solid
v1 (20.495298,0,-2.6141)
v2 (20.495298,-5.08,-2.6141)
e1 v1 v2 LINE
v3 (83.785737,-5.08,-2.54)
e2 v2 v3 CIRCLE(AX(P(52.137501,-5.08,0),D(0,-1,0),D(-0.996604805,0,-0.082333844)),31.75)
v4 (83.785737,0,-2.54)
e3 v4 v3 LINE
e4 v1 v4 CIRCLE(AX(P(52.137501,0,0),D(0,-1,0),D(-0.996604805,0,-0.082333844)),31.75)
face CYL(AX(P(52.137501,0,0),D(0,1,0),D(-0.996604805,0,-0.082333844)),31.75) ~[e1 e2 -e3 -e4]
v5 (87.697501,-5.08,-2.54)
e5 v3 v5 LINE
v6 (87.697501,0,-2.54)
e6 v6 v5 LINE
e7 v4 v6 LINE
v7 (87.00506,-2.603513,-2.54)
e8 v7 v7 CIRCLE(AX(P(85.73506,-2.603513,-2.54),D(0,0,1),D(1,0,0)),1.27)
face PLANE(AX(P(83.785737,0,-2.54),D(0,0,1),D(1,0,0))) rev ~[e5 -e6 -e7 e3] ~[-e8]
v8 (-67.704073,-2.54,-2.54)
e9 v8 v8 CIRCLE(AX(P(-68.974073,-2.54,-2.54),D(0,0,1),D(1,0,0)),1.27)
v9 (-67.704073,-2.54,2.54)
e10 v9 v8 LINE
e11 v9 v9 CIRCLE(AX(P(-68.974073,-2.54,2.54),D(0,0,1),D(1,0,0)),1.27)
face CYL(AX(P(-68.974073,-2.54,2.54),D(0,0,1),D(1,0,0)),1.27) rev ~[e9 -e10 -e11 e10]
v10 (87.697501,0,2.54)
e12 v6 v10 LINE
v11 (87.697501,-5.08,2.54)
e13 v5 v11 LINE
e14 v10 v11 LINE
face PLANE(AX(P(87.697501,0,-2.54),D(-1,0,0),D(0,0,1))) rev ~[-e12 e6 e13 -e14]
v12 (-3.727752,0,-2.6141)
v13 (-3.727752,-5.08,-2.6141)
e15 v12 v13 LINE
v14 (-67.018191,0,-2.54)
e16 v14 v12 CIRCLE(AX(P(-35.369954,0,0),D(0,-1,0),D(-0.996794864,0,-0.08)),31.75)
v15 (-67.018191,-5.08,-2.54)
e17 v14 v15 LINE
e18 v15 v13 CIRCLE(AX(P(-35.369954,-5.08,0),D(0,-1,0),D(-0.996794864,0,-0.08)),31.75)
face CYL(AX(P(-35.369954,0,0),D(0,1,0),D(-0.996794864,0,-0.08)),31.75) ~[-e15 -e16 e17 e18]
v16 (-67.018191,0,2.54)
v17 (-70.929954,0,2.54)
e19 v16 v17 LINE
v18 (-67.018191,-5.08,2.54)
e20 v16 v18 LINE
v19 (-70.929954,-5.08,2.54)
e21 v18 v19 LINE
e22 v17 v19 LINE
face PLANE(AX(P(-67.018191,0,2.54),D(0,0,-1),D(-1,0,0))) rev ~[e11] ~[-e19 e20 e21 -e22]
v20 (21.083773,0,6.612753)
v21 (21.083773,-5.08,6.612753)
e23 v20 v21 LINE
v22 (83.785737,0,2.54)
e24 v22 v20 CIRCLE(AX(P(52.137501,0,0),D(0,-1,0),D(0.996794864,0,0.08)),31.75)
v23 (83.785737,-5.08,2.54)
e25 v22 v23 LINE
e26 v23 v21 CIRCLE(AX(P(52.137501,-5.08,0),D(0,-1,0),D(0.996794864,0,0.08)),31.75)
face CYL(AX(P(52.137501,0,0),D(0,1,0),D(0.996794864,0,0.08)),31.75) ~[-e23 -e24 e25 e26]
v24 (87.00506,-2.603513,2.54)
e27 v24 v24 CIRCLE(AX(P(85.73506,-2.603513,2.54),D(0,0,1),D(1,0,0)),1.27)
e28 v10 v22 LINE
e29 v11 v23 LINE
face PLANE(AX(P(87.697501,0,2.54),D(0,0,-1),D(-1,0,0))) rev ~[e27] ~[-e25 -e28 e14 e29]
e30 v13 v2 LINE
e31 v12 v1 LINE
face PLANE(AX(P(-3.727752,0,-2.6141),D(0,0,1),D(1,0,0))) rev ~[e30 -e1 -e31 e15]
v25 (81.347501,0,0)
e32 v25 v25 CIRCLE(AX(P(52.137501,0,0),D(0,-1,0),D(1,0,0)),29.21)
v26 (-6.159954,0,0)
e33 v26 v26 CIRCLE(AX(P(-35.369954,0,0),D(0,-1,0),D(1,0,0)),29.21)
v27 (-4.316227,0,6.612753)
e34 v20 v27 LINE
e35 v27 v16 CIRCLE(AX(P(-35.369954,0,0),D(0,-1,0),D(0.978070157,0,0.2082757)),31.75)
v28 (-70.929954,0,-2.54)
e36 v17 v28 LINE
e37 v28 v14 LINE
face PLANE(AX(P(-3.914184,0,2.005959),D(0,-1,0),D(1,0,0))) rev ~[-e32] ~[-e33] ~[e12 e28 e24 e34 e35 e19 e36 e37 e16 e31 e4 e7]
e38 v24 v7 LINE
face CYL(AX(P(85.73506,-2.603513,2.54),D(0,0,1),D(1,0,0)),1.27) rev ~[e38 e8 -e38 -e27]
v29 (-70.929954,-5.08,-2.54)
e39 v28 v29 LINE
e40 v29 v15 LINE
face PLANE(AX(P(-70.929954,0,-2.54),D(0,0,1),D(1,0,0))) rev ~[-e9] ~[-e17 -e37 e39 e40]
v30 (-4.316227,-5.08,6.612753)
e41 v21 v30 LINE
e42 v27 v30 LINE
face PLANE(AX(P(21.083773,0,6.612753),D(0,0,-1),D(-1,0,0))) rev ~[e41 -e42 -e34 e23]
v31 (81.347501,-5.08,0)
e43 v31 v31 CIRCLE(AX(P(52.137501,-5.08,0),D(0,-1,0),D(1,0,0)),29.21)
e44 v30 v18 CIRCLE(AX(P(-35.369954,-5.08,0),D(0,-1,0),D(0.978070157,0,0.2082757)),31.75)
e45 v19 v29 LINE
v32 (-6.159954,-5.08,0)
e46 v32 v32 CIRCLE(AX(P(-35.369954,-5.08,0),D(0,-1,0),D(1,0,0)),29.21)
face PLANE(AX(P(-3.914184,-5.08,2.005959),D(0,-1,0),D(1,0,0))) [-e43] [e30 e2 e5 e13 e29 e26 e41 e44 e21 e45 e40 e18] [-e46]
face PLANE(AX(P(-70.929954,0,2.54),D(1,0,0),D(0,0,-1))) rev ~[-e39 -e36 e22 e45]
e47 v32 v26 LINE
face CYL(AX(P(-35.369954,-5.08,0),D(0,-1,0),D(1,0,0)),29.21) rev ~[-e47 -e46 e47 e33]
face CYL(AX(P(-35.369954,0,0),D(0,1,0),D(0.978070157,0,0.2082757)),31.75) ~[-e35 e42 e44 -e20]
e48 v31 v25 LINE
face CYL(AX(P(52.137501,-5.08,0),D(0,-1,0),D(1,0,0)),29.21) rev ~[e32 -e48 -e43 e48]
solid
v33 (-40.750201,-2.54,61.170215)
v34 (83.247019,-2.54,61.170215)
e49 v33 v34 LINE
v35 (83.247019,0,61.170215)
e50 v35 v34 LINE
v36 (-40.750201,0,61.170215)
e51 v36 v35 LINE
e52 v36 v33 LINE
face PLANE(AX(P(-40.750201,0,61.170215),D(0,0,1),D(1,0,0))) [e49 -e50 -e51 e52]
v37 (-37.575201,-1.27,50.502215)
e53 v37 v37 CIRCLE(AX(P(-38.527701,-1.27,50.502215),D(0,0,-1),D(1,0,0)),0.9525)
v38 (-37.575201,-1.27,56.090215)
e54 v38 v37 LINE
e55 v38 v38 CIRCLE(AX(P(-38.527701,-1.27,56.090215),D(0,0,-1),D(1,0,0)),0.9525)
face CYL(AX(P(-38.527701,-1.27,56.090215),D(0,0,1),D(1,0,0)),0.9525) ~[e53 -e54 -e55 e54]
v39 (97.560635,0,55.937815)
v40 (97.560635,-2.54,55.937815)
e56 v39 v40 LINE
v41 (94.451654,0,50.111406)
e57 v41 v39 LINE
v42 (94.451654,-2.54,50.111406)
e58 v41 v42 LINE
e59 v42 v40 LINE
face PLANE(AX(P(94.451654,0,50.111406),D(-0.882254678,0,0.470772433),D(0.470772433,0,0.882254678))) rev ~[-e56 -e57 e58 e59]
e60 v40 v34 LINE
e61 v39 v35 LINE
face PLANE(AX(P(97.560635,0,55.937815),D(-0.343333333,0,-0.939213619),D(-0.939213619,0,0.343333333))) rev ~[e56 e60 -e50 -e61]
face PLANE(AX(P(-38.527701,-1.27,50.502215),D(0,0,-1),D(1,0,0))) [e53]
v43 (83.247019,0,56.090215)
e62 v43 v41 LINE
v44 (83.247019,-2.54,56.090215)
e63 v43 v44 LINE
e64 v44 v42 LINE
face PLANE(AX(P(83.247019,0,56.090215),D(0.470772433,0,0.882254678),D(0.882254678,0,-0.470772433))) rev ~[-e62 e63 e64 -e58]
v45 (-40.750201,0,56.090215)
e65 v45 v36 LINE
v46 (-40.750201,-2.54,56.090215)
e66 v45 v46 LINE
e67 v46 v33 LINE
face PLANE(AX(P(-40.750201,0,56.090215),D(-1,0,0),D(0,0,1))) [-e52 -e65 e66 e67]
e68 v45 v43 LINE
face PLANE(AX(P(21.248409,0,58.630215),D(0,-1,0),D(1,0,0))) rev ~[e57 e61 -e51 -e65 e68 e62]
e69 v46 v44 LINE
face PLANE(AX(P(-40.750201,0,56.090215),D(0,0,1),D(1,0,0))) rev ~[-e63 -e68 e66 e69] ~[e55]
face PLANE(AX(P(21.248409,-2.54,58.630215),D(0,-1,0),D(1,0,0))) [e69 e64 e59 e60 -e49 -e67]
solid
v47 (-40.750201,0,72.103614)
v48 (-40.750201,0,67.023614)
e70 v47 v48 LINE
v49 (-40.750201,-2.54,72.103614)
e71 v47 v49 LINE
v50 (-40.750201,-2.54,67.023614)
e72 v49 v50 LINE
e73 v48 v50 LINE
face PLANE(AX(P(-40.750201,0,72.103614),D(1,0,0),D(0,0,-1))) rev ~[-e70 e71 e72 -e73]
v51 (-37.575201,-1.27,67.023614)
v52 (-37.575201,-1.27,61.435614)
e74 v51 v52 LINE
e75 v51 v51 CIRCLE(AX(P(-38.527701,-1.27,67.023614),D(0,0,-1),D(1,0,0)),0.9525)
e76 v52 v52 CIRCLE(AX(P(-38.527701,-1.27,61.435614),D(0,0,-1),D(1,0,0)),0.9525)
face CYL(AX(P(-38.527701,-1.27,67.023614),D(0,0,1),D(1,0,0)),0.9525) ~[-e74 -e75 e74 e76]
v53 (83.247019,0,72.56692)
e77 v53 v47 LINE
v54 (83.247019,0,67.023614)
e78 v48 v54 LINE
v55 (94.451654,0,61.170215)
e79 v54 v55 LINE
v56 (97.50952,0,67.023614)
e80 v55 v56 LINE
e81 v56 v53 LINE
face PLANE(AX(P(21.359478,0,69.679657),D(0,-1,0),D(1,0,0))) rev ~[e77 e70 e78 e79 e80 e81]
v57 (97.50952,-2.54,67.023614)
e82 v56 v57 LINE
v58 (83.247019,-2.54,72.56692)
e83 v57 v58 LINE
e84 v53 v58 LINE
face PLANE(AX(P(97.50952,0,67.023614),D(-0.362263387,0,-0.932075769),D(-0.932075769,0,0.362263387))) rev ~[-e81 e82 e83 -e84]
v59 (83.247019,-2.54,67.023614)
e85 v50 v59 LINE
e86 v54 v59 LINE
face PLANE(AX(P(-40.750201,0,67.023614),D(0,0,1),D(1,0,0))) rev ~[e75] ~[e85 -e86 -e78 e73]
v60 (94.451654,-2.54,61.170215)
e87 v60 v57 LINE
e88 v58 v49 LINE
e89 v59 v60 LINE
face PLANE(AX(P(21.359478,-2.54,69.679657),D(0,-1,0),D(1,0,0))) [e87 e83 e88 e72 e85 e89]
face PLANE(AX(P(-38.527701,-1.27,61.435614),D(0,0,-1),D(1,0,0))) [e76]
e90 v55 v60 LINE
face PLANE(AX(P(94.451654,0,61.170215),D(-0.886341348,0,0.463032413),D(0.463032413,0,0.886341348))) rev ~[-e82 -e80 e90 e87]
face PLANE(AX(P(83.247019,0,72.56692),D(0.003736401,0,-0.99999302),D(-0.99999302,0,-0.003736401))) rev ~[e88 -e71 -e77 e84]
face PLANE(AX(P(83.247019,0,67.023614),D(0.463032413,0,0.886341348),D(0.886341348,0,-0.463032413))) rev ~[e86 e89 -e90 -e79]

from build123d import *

# Parameters (mm, degrees)
F1_DEPTH  = 5.08
F2_R      = 29.21
F3_DEPTH  = 25.4
F4_R      = 1.27
F5_DEPTH  = 25.4
F7_DEPTH  = 2.54
F6_W      = 123.9972203185
F6_H      = 5.08
F8_R      = 0.9525
F9_DEPTH  = 5.588
F10_R     = 0.9525
F11_DEPTH = 5.588


with BuildPart() as f1:
    # F0 (on Front) → F1 (new body)
    with BuildSketch(Plane.XZ):
        with BuildLine():
            ThreePointArc((-3.7277518922, -2.6140995437), (-3.6469152678, -1.3081606084), (-3.6199544637, 0))
            ThreePointArc((-3.6199544637, 0), (-3.7945023837, 3.3246542598), (-4.3162269643, 6.6127534653))
            Line((-4.3162269643, 6.6127534653), (-3.7277518922, -2.6140995437))
        make_face()
        with BuildLine():
            ThreePointArc((-4.3162269643, 6.6127534653), (-3.7945023837, 3.3246542598), (-3.6199544637, 0))
            ThreePointArc((-3.6199544637, 0), (-3.6469152678, -1.3081606084), (-3.7277518922, -2.6140995437))
            Line((-3.7277518922, -2.6140995437), (20.4952979636, -2.6140995437))
            ThreePointArc((20.4952979636, -2.6140995437), (20.4518789383, 2.0208621982), (21.0837730357, 6.6127534653))
            Line((21.0837730357, 6.6127534653), (-4.3162269643, 6.6127534653))
        make_face()
        with BuildLine():
            Line((-3.7277518922, -2.6140995437), (-4.3162269643, 6.6127534653))
            ThreePointArc((-4.3162269643, 6.6127534653), (-37.4279123251, 31.6832338855), (-67.0181913814, 2.54))
            Line((-67.0181913814, 2.54), (-63.3099544637, 2.54))
            Line((-63.3099544637, 2.54), (-63.3099544637, -2.54))
            Line((-63.3099544637, -2.54), (-67.0181913814, -2.54))
            ThreePointArc((-67.0181913814, -2.54), (-35.4071268852, -31.7499782395), (-3.7277518922, -2.6140995437))
        make_face()
        with BuildLine():
            Line((-63.3099544637, 2.54), (-67.0181913814, 2.54))
            ThreePointArc((-67.0181913814, 2.54), (-67.1199544637, 0), (-67.0181913814, -2.54))
            Line((-67.0181913814, -2.54), (-63.3099544637, -2.54))
            Line((-63.3099544637, -2.54), (-63.3099544637, 2.54))
        make_face()
        with BuildLine():
            ThreePointArc((-67.0181913814, -2.54), (-67.1199544637, 0), (-67.0181913814, 2.54))
            Line((-67.0181913814, 2.54), (-70.9299544637, 2.54))
            Line((-70.9299544637, 2.54), (-70.9299544637, -2.54))
            Line((-70.9299544637, -2.54), (-67.0181913814, -2.54))
        make_face()
        with BuildLine():
            Line((20.4952979636, -2.6140995437), (21.0837730357, 6.6127534653))
            ThreePointArc((21.0837730357, 6.6127534653), (20.4518789383, 2.0208621982), (20.4952979636, -2.6140995437))
        make_face()
        with BuildLine():
            ThreePointArc((83.7857374528, 2.54), (54.1954583966, 31.6832338855), (21.0837730357, 6.6127534653))
            Line((21.0837730357, 6.6127534653), (20.4952979636, -2.6140995437))
            ThreePointArc((20.4952979636, -2.6140995437), (52.1746729567, -31.7499782395), (83.7857374528, -2.54))
            Line((83.7857374528, -2.54), (80.0775005351, -2.54))
            Line((80.0775005351, -2.54), (80.0775005351, 2.54))
            Line((80.0775005351, 2.54), (83.7857374528, 2.54))
        make_face()
        with BuildLine():
            Line((87.6975005351, 2.54), (83.7857374528, 2.54))
            ThreePointArc((83.7857374528, 2.54), (83.8620495637, 1.2710188556), (83.8875005351, 0))
            ThreePointArc((83.8875005351, 0), (83.8620495637, -1.2710188556), (83.7857374528, -2.54))
            Line((83.7857374528, -2.54), (87.6975005351, -2.54))
            Line((87.6975005351, -2.54), (87.6975005351, 2.54))
        make_face()
        with BuildLine():
            ThreePointArc((83.8875005351, 0), (83.8620495637, 1.2710188556), (83.7857374528, 2.54))
            Line((83.7857374528, 2.54), (80.0775005351, 2.54))
            Line((80.0775005351, 2.54), (80.0775005351, -2.54))
            Line((80.0775005351, -2.54), (83.7857374528, -2.54))
            ThreePointArc((83.7857374528, -2.54), (83.8620495637, -1.2710188556), (83.8875005351, 0))
        make_face()
    extrude(amount=F1_DEPTH)

    # F2 (on face) → F3 (cut)
    with BuildSketch(Plane.XZ.offset(5.08)):
        with Locations((-35.3699544637, 0)):
            Circle(F2_R)
        with Locations((52.1375005351, 0)):
            Circle(F2_R)
    extrude(amount=-F3_DEPTH, mode=Mode.SUBTRACT)

    # F4 (on face) → F5 (cut)
    with BuildSketch(Plane.XY.offset(2.54)):
        with Locations((-68.9740729225, -2.54)):
            Circle(F4_R)
        with Locations((85.7350602746, -2.603512723)):
            Circle(F4_R)
    extrude(amount=-F5_DEPTH, mode=Mode.SUBTRACT)


with BuildPart() as f7:
    # F6 (on Front) → F7 (new body)
    with BuildSketch(Plane.XZ):
        Polygon((83.2470193171, 72.5669202386), (-40.7502010014, 72.1036136825), (-40.7502010014, 67.0236136825), (83.2470193171, 67.0236136825), align=None)
        Polygon((97.5095197803, 67.0236136825), (83.2470193171, 72.5669202386), (83.2470193171, 67.0236136825), (94.4516537271, 61.1702154216), align=None)
    extrude(amount=F7_DEPTH)

    # F8 (on face) → F9 (join)
    with BuildSketch(Plane(origin=(0, 0, 67.0236136825), x_dir=(1, 0, 0), z_dir=(0, 0, -1))):
        with Locations((-38.5277010014, 1.27)):
            Circle(F8_R)
    extrude(amount=F9_DEPTH)


with BuildPart() as f7b:
    # F6 (on Front) → F7, piece 2 (new body)
    with BuildSketch(Plane.XZ):
        with Locations((21.2484091579, 58.6302154216)):
            Rectangle(F6_W, F6_H)
        Polygon((97.5606348715, 55.9378154216), (83.2470193171, 61.1702154216), (83.2470193171, 56.0902154216), (94.4516537271, 50.1114055285), align=None)
    extrude(amount=F7_DEPTH)

    # F10 (on face) → F11 (join)
    with BuildSketch(Plane(origin=(0, 0, 56.0902154216), x_dir=(1, 0, 0), z_dir=(0, 0, -1))):
        with Locations((-38.5277010014, 1.27)):
            Circle(F10_R)
    extrude(amount=F11_DEPTH)


solid = Compound([f1.part, f7.part, f7b.part])
